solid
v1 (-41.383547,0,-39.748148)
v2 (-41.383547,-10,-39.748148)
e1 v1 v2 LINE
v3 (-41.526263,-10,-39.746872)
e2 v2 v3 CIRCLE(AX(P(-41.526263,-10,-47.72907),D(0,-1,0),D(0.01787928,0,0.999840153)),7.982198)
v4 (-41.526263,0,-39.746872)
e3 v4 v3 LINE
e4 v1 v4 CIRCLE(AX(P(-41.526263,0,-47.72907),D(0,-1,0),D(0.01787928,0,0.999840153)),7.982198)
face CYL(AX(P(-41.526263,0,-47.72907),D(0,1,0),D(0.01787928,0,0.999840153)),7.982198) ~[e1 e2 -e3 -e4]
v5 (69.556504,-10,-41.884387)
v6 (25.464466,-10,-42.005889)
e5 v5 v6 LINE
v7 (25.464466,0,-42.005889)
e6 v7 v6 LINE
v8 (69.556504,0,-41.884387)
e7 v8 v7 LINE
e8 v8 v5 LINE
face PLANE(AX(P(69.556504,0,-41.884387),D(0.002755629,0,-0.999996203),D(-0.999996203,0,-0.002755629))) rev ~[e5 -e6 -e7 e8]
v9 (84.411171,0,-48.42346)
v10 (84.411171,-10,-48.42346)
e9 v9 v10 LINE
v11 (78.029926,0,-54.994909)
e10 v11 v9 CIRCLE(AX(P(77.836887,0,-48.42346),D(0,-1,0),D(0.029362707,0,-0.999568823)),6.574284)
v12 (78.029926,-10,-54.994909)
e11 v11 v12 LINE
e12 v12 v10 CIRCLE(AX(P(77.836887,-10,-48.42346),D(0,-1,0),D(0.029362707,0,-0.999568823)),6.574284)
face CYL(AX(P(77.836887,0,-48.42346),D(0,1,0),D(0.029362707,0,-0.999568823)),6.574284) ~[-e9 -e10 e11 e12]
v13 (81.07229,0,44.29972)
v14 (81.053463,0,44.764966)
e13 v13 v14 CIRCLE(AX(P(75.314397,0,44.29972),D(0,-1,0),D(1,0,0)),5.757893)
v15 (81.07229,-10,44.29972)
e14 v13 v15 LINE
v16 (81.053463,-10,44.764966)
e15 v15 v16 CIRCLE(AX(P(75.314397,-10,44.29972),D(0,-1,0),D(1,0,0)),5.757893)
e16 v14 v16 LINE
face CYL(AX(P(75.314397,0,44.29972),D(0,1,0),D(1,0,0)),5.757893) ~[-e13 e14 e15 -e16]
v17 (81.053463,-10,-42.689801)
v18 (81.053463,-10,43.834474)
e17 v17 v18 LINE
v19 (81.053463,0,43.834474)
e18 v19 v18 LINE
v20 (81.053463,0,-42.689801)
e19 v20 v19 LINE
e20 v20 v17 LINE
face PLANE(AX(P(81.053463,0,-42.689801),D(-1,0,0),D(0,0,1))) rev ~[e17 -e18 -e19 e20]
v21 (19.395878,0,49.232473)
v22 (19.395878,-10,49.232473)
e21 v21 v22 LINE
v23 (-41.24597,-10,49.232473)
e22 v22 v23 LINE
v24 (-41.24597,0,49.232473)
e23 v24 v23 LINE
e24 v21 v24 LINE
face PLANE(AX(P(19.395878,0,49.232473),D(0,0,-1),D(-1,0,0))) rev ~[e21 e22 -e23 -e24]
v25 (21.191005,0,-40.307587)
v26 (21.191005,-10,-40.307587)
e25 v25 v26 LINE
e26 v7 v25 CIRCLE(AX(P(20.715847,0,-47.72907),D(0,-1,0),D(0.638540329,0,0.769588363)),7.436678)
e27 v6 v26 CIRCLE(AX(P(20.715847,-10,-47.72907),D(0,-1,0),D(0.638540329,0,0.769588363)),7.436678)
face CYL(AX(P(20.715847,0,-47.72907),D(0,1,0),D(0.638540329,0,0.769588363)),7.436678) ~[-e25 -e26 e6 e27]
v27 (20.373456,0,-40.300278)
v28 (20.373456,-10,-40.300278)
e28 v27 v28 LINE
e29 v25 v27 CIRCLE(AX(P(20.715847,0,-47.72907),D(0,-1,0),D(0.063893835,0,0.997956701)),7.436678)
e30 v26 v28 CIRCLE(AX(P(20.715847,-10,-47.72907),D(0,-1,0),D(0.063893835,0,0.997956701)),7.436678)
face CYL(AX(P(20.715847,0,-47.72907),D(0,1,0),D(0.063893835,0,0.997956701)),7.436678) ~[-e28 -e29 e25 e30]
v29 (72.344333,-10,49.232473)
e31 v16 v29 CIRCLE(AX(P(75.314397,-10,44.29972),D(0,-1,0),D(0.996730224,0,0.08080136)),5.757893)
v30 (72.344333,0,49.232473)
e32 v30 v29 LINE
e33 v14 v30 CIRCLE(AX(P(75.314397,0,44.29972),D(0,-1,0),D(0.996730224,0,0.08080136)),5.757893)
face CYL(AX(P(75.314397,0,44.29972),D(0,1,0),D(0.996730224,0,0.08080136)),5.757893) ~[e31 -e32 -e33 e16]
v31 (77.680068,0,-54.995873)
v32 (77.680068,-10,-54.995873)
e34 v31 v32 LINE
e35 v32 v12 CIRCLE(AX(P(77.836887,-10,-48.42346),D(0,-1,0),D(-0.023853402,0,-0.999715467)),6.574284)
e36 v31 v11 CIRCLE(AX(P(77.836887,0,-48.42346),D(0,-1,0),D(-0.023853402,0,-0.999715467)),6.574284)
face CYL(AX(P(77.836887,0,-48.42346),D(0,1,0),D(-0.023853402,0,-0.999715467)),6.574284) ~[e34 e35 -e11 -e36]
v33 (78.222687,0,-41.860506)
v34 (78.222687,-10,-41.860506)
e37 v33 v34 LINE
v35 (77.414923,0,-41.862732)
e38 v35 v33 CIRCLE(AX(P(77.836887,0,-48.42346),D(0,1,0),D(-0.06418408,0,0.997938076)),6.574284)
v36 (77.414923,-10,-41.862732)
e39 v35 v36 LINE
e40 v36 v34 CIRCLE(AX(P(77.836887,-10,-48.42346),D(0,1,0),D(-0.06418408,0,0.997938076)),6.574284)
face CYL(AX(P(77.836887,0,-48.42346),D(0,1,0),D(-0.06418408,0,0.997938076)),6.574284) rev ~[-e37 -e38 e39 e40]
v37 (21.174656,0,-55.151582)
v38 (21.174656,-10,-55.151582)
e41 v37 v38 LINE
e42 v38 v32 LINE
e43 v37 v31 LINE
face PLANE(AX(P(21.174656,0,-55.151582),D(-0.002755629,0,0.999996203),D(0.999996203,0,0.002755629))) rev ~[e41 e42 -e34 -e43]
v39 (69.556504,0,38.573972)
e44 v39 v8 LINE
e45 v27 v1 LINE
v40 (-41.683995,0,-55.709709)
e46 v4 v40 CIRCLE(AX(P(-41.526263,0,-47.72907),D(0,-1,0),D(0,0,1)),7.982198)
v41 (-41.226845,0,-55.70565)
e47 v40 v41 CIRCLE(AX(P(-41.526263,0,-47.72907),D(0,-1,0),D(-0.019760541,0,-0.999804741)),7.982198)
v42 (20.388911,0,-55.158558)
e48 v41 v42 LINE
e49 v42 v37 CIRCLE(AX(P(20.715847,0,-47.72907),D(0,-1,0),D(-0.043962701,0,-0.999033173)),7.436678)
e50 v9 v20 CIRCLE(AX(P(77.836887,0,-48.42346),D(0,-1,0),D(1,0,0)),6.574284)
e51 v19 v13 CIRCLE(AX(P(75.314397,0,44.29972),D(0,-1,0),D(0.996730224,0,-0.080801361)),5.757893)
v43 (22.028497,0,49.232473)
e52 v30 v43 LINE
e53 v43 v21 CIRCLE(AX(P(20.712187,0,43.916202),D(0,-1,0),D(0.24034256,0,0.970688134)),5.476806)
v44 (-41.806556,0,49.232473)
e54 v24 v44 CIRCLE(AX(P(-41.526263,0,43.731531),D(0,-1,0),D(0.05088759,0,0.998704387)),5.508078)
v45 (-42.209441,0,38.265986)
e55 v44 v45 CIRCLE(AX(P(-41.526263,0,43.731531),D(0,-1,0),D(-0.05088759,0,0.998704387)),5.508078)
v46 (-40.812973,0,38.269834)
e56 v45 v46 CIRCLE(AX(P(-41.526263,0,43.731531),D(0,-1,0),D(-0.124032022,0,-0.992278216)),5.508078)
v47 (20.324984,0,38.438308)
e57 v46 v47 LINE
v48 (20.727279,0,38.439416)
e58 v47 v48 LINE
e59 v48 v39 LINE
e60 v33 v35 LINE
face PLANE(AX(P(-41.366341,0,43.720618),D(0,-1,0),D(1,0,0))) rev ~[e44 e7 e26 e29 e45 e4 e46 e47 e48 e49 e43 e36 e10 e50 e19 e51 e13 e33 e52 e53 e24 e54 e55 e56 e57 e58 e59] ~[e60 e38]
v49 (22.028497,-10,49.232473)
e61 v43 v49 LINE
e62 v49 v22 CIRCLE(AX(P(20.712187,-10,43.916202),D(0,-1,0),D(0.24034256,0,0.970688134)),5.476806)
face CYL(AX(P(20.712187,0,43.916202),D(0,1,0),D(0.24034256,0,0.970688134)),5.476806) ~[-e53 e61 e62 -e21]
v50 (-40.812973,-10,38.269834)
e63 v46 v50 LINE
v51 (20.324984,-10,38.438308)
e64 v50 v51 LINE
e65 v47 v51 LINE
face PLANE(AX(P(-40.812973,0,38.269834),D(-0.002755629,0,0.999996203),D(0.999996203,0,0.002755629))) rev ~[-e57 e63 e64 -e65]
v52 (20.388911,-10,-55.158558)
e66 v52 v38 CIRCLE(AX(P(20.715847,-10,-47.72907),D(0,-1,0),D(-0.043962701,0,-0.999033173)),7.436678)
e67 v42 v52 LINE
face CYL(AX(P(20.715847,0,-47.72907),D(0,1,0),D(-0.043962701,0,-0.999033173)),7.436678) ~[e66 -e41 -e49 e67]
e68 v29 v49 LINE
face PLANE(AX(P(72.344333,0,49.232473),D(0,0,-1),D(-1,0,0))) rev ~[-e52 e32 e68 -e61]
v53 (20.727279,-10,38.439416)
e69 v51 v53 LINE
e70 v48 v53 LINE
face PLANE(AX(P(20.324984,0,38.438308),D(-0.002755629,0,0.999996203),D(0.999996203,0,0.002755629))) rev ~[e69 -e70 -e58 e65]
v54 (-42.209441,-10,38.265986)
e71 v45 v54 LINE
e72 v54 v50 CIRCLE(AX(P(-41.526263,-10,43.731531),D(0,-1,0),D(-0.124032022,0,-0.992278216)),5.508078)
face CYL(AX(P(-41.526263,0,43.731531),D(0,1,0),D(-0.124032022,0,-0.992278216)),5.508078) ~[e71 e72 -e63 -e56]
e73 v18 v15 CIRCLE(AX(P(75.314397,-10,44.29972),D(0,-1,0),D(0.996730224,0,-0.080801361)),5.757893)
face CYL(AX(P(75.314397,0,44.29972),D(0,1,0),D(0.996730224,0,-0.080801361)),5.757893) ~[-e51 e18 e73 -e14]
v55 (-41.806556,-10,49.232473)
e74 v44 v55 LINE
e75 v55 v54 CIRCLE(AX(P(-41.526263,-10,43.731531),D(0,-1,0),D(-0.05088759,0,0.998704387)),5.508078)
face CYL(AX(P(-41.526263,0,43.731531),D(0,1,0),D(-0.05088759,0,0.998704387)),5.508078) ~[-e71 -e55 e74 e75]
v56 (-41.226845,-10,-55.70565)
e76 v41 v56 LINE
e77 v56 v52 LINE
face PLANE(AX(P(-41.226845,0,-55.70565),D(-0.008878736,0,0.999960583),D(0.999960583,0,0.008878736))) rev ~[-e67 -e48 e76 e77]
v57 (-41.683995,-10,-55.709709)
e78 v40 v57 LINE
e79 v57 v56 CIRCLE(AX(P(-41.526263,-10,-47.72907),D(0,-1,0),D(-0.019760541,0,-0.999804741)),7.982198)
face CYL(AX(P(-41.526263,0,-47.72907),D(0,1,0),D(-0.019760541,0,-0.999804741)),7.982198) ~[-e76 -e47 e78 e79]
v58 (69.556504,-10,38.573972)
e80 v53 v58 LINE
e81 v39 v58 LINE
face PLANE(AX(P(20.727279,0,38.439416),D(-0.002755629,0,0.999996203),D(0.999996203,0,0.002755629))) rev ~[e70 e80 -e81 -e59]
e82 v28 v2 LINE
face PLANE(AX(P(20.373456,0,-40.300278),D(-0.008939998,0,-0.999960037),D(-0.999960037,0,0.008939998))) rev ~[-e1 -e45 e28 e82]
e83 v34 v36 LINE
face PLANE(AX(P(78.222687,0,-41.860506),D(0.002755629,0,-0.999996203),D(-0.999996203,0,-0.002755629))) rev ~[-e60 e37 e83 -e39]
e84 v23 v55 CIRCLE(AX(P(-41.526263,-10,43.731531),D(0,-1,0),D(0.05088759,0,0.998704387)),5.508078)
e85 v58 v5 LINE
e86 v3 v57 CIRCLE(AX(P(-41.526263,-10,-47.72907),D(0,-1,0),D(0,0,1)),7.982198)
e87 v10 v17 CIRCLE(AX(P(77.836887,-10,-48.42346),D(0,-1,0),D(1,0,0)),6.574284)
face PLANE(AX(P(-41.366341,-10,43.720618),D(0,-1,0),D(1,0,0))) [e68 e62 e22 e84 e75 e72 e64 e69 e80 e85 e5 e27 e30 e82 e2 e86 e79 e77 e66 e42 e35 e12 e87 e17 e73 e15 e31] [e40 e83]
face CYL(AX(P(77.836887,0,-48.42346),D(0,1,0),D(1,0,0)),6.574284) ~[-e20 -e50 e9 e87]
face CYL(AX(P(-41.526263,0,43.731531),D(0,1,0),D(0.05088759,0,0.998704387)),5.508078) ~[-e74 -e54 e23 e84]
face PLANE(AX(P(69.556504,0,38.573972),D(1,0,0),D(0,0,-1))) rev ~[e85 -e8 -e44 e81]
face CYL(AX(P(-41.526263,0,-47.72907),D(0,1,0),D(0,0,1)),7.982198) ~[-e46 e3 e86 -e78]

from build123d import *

# Parameters (mm, degrees)
F1_DEPTH = 10


with BuildPart() as f1:
    # F0 (on Front) → F1 (new body)
    with BuildSketch(Plane.XZ):
        with BuildLine():
            Line((-41.2459699212, 49.2324725474), (-41.8065555243, 49.2324725474))
            ThreePointArc((-41.8065555243, 49.2324725474), (-47.0306271881, 43.9337496798), (-42.2094407409, 38.2659855689))
            Line((-42.2094407409, 38.2659855689), (-40.8129731674, 38.2698337294))
            ThreePointArc((-40.8129731674, 38.2698337294), (-37.3869527055, 40.0976581171), (-36.018184972, 43.7315311321))
            ThreePointArc((-36.018184972, 43.7315311321), (-37.5335947518, 47.5259379346), (-41.2459699212, 49.2324725474))
        make_face()
        with BuildLine():
            ThreePointArc((-41.2459699212, 49.2324725474), (-41.5262627227, 49.2396088829), (-41.8065555243, 49.2324725474))
            Line((-41.8065555243, 49.2324725474), (-41.2459699212, 49.2324725474))
        make_face()
        with BuildLine():
            Line((-40.8129731674, 38.2698337294), (-42.2094407409, 38.2659855689))
            ThreePointArc((-42.2094407409, 38.2659855689), (-41.5110845063, 38.2234742941), (-40.8129731674, 38.2698337294))
        make_face()
        with BuildLine():
            Line((19.3958776676, 49.2324725474), (-41.2459699212, 49.2324725474))
            ThreePointArc((-41.2459699212, 49.2324725474), (-37.5335947518, 47.5259379346), (-36.018184972, 43.7315311321))
            ThreePointArc((-36.018184972, 43.7315311321), (-37.3869527055, 40.0976581171), (-40.8129731674, 38.2698337294))
            Line((-40.8129731674, 38.2698337294), (20.3249844191, 38.4383078715))
            Line((20.3249844191, 38.4383078715), (20.7272791052, 38.4394164505))
            ThreePointArc((20.7272791052, 38.4394164505), (15.2765817998, 43.2456806036), (19.3958776676, 49.2324725474))
        make_face()
        with BuildLine():
            ThreePointArc((22.0284968869, 49.2324725474), (20.7121872773, 49.3930079541), (19.3958776676, 49.2324725474))
            Line((19.3958776676, 49.2324725474), (20.0357145698, 49.2324725474))
            Line((20.0357145698, 49.2324725474), (22.0284968869, 49.2324725474))
        make_face()
        with BuildLine():
            Line((20.0357145698, 49.2324725474), (19.3958776676, 49.2324725474))
            ThreePointArc((19.3958776676, 49.2324725474), (15.2765817998, 43.2456806036), (20.7272791052, 38.4394164505))
            ThreePointArc((20.7272791052, 38.4394164505), (24.5902061403, 40.0488544865), (26.1889934258, 43.9162018055))
            ThreePointArc((26.1889934258, 43.9162018055), (25.0252243831, 47.2915708983), (22.0284968869, 49.2324725474))
            Line((22.0284968869, 49.2324725474), (20.0357145698, 49.2324725474))
        make_face()
        with BuildLine():
            Line((72.3443325591, 49.2324725474), (22.0284968869, 49.2324725474))
            ThreePointArc((22.0284968869, 49.2324725474), (25.0252243831, 47.2915708983), (26.1889934258, 43.9162018055))
            ThreePointArc((26.1889934258, 43.9162018055), (24.5902061403, 40.0488544865), (20.7272791052, 38.4394164505))
            Line((20.7272791052, 38.4394164505), (69.5565042771, 38.5739721692))
            Line((69.5565042771, 38.5739721692), (69.5565042771, 44.2997200327))
            ThreePointArc((69.5565042771, 44.2997200327), (70.3016811147, 47.1327411189), (72.3443325591, 49.2324725474))
        make_face()
        with BuildLine():
            ThreePointArc((81.0534632591, 44.7649656204), (77.942418688, 49.4228865599), (72.3443325591, 49.2324725474))
            ThreePointArc((72.3443325591, 49.2324725474), (70.3016811147, 47.1327411189), (69.5565042771, 44.2997200327))
            ThreePointArc((69.5565042771, 44.2997200327), (70.993741542, 40.4937686642), (74.5879509602, 38.58783702))
            ThreePointArc((74.5879509602, 38.58783702), (78.9425359244, 39.8287087647), (81.0534632591, 43.8344744449))
            Line((81.0534632591, 43.8344744449), (81.0534632591, 44.7649656204))
        make_face()
        with BuildLine():
            Line((69.5565042771, 44.2997200327), (69.5565042771, 38.5739721692))
            Line((69.5565042771, 38.5739721692), (74.5879509602, 38.58783702))
            ThreePointArc((74.5879509602, 38.58783702), (70.993741542, 40.4937686642), (69.5565042771, 44.2997200327))
        make_face()
        with BuildLine():
            Line((74.5879509602, 38.58783702), (69.5565042771, 38.5739721692))
            Line((69.5565042771, 38.5739721692), (69.5565042771, -41.8843869054))
            Line((69.5565042771, -41.8843869054), (77.41492293, -41.8627319403))
            ThreePointArc((77.41492293, -41.8627319403), (77.8187709933, -41.8492012292), (78.2226874942, -41.8605060327))
            ThreePointArc((78.2226874942, -41.8605060327), (79.6851867949, -42.1143399773), (81.0534632591, -42.689801004))
            Line((81.0534632591, -42.689801004), (81.0534632591, 43.8344744449))
            ThreePointArc((81.0534632591, 43.8344744449), (78.9425359244, 39.8287087647), (74.5879509602, 38.58783702))
        make_face()
        with BuildLine():
            ThreePointArc((81.0722902774, 44.2997200327), (81.0675815975, 44.5325332161), (81.0534632591, 44.7649656204))
            Line((81.0534632591, 44.7649656204), (81.0534632591, 43.8344744449))
            ThreePointArc((81.0534632591, 43.8344744449), (81.0675815975, 44.0669068492), (81.0722902774, 44.2997200327))
        make_face()
        with BuildLine():
            Line((77.41492293, -41.8627319403), (69.5565042771, -41.8843869054))
            Line((69.5565042771, -41.8843869054), (25.4644663722, -42.005888646))
            ThreePointArc((25.4644663722, -42.005888646), (27.4470484848, -44.5675644173), (28.1525257136, -47.7290698293))
            ThreePointArc((28.1525257136, -47.7290698293), (26.1341587579, -52.8227999815), (21.1746559331, -55.1515815863))
            Line((21.1746559331, -55.1515815863), (77.680068251, -54.9958730667))
            ThreePointArc((77.680068251, -54.9958730667), (71.2639429971, -48.556161307), (77.41492293, -41.8627319403))
        make_face()
        with BuildLine():
            Line((78.2226874942, -41.8605060327), (77.41492293, -41.8627319403))
            ThreePointArc((77.41492293, -41.8627319403), (71.2639429971, -48.556161307), (77.680068251, -54.9958730667))
            Line((77.680068251, -54.9958730667), (78.0299260429, -54.9949089849))
            ThreePointArc((78.0299260429, -54.9949089849), (82.5533635979, -53.0034225515), (84.4111709763, -48.4234599673))
            ThreePointArc((84.4111709763, -48.4234599673), (83.5099767883, -45.1012225352), (81.0534632591, -42.689801004))
            ThreePointArc((81.0534632591, -42.689801004), (79.6851867949, -42.1143399773), (78.2226874942, -41.8605060327))
        make_face()
        with BuildLine():
            ThreePointArc((28.1525257136, -47.7290698293), (27.4470484848, -44.5675644173), (25.4644663722, -42.005888646))
            ThreePointArc((25.4644663722, -42.005888646), (23.4623029685, -40.8181243584), (21.1910051796, -40.3075867475))
            Line((21.1910051796, -40.3075867475), (20.3734561107, -40.3002775684))
            ThreePointArc((20.3734561107, -40.3002775684), (13.2791728637, -47.7368050161), (20.3889108114, -55.1585582849))
            Line((20.3889108114, -55.1585582849), (21.1746559331, -55.1515815863))
            ThreePointArc((21.1746559331, -55.1515815863), (26.1341587579, -52.8227999815), (28.1525257136, -47.7290698293))
        make_face()
        with BuildLine():
            Line((78.0299260429, -54.9949089849), (77.680068251, -54.9958730667))
            ThreePointArc((77.680068251, -54.9958730667), (77.8550035612, -54.9977187055), (78.0299260429, -54.9949089849))
        make_face()
        with BuildLine():
            Line((20.3734561107, -40.3002775684), (21.1910051796, -40.3075867475))
            ThreePointArc((21.1910051796, -40.3075867475), (20.7823311667, -40.2926885818), (20.3734561107, -40.3002775684))
        make_face()
        with BuildLine():
            ThreePointArc((20.3889108114, -55.1585582849), (20.7818755833, -55.1654551359), (21.1746559331, -55.1515815863))
            Line((21.1746559331, -55.1515815863), (20.3889108114, -55.1585582849))
        make_face()
        with BuildLine():
            ThreePointArc((20.3889108114, -55.1585582849), (13.2791728637, -47.7368050161), (20.3734561107, -40.3002775684))
            Line((20.3734561107, -40.3002775684), (-41.3835467647, -39.7481480292))
            ThreePointArc((-41.3835467647, -39.7481480292), (-35.8317624102, -42.1354889714), (-33.5440649914, -47.7290698293))
            ThreePointArc((-33.5440649914, -47.7290698293), (-34.1207054737, -50.7078619424), (-35.7673129619, -53.2562733061))
            ThreePointArc((-35.7673129619, -53.2562733061), (-38.2588759048, -55.0119033441), (-41.226844648, -55.7056498884))
            Line((-41.226844648, -55.7056498884), (20.3889108114, -55.1585582849))
        make_face()
        with BuildLine():
            Line((-41.5262627227, -39.7468720979), (-41.3835467647, -39.7481480292))
            ThreePointArc((-41.3835467647, -39.7481480292), (-41.454901892, -39.7471910871), (-41.5262627227, -39.7468720979))
        make_face()
        with BuildLine():
            ThreePointArc((-33.5440649914, -47.7290698293), (-35.8317624102, -42.1354889714), (-41.3835467647, -39.7481480292))
            Line((-41.3835467647, -39.7481480292), (-41.5262627227, -39.7468720979))
            ThreePointArc((-41.5262627227, -39.7468720979), (-49.5080707965, -47.6501997041), (-41.6839952729, -55.7097089682))
            Line((-41.6839952729, -55.7097089682), (-35.7673129619, -53.2562733061))
            ThreePointArc((-35.7673129619, -53.2562733061), (-34.1207054737, -50.7078619424), (-33.5440649914, -47.7290698293))
        make_face()
        with BuildLine():
            Line((-41.6839952729, -55.7097089682), (-41.226844648, -55.7056498884))
            ThreePointArc((-41.226844648, -55.7056498884), (-38.2588759048, -55.0119033441), (-35.7673129619, -53.2562733061))
            Line((-35.7673129619, -53.2562733061), (-41.6839952729, -55.7097089682))
        make_face()
        with BuildLine():
            ThreePointArc((-41.6839952729, -55.7097089682), (-41.4553908947, -55.7109529283), (-41.226844648, -55.7056498884))
            Line((-41.226844648, -55.7056498884), (-41.6839952729, -55.7097089682))
        make_face()
    extrude(amount=F1_DEPTH)


solid = f1.part
